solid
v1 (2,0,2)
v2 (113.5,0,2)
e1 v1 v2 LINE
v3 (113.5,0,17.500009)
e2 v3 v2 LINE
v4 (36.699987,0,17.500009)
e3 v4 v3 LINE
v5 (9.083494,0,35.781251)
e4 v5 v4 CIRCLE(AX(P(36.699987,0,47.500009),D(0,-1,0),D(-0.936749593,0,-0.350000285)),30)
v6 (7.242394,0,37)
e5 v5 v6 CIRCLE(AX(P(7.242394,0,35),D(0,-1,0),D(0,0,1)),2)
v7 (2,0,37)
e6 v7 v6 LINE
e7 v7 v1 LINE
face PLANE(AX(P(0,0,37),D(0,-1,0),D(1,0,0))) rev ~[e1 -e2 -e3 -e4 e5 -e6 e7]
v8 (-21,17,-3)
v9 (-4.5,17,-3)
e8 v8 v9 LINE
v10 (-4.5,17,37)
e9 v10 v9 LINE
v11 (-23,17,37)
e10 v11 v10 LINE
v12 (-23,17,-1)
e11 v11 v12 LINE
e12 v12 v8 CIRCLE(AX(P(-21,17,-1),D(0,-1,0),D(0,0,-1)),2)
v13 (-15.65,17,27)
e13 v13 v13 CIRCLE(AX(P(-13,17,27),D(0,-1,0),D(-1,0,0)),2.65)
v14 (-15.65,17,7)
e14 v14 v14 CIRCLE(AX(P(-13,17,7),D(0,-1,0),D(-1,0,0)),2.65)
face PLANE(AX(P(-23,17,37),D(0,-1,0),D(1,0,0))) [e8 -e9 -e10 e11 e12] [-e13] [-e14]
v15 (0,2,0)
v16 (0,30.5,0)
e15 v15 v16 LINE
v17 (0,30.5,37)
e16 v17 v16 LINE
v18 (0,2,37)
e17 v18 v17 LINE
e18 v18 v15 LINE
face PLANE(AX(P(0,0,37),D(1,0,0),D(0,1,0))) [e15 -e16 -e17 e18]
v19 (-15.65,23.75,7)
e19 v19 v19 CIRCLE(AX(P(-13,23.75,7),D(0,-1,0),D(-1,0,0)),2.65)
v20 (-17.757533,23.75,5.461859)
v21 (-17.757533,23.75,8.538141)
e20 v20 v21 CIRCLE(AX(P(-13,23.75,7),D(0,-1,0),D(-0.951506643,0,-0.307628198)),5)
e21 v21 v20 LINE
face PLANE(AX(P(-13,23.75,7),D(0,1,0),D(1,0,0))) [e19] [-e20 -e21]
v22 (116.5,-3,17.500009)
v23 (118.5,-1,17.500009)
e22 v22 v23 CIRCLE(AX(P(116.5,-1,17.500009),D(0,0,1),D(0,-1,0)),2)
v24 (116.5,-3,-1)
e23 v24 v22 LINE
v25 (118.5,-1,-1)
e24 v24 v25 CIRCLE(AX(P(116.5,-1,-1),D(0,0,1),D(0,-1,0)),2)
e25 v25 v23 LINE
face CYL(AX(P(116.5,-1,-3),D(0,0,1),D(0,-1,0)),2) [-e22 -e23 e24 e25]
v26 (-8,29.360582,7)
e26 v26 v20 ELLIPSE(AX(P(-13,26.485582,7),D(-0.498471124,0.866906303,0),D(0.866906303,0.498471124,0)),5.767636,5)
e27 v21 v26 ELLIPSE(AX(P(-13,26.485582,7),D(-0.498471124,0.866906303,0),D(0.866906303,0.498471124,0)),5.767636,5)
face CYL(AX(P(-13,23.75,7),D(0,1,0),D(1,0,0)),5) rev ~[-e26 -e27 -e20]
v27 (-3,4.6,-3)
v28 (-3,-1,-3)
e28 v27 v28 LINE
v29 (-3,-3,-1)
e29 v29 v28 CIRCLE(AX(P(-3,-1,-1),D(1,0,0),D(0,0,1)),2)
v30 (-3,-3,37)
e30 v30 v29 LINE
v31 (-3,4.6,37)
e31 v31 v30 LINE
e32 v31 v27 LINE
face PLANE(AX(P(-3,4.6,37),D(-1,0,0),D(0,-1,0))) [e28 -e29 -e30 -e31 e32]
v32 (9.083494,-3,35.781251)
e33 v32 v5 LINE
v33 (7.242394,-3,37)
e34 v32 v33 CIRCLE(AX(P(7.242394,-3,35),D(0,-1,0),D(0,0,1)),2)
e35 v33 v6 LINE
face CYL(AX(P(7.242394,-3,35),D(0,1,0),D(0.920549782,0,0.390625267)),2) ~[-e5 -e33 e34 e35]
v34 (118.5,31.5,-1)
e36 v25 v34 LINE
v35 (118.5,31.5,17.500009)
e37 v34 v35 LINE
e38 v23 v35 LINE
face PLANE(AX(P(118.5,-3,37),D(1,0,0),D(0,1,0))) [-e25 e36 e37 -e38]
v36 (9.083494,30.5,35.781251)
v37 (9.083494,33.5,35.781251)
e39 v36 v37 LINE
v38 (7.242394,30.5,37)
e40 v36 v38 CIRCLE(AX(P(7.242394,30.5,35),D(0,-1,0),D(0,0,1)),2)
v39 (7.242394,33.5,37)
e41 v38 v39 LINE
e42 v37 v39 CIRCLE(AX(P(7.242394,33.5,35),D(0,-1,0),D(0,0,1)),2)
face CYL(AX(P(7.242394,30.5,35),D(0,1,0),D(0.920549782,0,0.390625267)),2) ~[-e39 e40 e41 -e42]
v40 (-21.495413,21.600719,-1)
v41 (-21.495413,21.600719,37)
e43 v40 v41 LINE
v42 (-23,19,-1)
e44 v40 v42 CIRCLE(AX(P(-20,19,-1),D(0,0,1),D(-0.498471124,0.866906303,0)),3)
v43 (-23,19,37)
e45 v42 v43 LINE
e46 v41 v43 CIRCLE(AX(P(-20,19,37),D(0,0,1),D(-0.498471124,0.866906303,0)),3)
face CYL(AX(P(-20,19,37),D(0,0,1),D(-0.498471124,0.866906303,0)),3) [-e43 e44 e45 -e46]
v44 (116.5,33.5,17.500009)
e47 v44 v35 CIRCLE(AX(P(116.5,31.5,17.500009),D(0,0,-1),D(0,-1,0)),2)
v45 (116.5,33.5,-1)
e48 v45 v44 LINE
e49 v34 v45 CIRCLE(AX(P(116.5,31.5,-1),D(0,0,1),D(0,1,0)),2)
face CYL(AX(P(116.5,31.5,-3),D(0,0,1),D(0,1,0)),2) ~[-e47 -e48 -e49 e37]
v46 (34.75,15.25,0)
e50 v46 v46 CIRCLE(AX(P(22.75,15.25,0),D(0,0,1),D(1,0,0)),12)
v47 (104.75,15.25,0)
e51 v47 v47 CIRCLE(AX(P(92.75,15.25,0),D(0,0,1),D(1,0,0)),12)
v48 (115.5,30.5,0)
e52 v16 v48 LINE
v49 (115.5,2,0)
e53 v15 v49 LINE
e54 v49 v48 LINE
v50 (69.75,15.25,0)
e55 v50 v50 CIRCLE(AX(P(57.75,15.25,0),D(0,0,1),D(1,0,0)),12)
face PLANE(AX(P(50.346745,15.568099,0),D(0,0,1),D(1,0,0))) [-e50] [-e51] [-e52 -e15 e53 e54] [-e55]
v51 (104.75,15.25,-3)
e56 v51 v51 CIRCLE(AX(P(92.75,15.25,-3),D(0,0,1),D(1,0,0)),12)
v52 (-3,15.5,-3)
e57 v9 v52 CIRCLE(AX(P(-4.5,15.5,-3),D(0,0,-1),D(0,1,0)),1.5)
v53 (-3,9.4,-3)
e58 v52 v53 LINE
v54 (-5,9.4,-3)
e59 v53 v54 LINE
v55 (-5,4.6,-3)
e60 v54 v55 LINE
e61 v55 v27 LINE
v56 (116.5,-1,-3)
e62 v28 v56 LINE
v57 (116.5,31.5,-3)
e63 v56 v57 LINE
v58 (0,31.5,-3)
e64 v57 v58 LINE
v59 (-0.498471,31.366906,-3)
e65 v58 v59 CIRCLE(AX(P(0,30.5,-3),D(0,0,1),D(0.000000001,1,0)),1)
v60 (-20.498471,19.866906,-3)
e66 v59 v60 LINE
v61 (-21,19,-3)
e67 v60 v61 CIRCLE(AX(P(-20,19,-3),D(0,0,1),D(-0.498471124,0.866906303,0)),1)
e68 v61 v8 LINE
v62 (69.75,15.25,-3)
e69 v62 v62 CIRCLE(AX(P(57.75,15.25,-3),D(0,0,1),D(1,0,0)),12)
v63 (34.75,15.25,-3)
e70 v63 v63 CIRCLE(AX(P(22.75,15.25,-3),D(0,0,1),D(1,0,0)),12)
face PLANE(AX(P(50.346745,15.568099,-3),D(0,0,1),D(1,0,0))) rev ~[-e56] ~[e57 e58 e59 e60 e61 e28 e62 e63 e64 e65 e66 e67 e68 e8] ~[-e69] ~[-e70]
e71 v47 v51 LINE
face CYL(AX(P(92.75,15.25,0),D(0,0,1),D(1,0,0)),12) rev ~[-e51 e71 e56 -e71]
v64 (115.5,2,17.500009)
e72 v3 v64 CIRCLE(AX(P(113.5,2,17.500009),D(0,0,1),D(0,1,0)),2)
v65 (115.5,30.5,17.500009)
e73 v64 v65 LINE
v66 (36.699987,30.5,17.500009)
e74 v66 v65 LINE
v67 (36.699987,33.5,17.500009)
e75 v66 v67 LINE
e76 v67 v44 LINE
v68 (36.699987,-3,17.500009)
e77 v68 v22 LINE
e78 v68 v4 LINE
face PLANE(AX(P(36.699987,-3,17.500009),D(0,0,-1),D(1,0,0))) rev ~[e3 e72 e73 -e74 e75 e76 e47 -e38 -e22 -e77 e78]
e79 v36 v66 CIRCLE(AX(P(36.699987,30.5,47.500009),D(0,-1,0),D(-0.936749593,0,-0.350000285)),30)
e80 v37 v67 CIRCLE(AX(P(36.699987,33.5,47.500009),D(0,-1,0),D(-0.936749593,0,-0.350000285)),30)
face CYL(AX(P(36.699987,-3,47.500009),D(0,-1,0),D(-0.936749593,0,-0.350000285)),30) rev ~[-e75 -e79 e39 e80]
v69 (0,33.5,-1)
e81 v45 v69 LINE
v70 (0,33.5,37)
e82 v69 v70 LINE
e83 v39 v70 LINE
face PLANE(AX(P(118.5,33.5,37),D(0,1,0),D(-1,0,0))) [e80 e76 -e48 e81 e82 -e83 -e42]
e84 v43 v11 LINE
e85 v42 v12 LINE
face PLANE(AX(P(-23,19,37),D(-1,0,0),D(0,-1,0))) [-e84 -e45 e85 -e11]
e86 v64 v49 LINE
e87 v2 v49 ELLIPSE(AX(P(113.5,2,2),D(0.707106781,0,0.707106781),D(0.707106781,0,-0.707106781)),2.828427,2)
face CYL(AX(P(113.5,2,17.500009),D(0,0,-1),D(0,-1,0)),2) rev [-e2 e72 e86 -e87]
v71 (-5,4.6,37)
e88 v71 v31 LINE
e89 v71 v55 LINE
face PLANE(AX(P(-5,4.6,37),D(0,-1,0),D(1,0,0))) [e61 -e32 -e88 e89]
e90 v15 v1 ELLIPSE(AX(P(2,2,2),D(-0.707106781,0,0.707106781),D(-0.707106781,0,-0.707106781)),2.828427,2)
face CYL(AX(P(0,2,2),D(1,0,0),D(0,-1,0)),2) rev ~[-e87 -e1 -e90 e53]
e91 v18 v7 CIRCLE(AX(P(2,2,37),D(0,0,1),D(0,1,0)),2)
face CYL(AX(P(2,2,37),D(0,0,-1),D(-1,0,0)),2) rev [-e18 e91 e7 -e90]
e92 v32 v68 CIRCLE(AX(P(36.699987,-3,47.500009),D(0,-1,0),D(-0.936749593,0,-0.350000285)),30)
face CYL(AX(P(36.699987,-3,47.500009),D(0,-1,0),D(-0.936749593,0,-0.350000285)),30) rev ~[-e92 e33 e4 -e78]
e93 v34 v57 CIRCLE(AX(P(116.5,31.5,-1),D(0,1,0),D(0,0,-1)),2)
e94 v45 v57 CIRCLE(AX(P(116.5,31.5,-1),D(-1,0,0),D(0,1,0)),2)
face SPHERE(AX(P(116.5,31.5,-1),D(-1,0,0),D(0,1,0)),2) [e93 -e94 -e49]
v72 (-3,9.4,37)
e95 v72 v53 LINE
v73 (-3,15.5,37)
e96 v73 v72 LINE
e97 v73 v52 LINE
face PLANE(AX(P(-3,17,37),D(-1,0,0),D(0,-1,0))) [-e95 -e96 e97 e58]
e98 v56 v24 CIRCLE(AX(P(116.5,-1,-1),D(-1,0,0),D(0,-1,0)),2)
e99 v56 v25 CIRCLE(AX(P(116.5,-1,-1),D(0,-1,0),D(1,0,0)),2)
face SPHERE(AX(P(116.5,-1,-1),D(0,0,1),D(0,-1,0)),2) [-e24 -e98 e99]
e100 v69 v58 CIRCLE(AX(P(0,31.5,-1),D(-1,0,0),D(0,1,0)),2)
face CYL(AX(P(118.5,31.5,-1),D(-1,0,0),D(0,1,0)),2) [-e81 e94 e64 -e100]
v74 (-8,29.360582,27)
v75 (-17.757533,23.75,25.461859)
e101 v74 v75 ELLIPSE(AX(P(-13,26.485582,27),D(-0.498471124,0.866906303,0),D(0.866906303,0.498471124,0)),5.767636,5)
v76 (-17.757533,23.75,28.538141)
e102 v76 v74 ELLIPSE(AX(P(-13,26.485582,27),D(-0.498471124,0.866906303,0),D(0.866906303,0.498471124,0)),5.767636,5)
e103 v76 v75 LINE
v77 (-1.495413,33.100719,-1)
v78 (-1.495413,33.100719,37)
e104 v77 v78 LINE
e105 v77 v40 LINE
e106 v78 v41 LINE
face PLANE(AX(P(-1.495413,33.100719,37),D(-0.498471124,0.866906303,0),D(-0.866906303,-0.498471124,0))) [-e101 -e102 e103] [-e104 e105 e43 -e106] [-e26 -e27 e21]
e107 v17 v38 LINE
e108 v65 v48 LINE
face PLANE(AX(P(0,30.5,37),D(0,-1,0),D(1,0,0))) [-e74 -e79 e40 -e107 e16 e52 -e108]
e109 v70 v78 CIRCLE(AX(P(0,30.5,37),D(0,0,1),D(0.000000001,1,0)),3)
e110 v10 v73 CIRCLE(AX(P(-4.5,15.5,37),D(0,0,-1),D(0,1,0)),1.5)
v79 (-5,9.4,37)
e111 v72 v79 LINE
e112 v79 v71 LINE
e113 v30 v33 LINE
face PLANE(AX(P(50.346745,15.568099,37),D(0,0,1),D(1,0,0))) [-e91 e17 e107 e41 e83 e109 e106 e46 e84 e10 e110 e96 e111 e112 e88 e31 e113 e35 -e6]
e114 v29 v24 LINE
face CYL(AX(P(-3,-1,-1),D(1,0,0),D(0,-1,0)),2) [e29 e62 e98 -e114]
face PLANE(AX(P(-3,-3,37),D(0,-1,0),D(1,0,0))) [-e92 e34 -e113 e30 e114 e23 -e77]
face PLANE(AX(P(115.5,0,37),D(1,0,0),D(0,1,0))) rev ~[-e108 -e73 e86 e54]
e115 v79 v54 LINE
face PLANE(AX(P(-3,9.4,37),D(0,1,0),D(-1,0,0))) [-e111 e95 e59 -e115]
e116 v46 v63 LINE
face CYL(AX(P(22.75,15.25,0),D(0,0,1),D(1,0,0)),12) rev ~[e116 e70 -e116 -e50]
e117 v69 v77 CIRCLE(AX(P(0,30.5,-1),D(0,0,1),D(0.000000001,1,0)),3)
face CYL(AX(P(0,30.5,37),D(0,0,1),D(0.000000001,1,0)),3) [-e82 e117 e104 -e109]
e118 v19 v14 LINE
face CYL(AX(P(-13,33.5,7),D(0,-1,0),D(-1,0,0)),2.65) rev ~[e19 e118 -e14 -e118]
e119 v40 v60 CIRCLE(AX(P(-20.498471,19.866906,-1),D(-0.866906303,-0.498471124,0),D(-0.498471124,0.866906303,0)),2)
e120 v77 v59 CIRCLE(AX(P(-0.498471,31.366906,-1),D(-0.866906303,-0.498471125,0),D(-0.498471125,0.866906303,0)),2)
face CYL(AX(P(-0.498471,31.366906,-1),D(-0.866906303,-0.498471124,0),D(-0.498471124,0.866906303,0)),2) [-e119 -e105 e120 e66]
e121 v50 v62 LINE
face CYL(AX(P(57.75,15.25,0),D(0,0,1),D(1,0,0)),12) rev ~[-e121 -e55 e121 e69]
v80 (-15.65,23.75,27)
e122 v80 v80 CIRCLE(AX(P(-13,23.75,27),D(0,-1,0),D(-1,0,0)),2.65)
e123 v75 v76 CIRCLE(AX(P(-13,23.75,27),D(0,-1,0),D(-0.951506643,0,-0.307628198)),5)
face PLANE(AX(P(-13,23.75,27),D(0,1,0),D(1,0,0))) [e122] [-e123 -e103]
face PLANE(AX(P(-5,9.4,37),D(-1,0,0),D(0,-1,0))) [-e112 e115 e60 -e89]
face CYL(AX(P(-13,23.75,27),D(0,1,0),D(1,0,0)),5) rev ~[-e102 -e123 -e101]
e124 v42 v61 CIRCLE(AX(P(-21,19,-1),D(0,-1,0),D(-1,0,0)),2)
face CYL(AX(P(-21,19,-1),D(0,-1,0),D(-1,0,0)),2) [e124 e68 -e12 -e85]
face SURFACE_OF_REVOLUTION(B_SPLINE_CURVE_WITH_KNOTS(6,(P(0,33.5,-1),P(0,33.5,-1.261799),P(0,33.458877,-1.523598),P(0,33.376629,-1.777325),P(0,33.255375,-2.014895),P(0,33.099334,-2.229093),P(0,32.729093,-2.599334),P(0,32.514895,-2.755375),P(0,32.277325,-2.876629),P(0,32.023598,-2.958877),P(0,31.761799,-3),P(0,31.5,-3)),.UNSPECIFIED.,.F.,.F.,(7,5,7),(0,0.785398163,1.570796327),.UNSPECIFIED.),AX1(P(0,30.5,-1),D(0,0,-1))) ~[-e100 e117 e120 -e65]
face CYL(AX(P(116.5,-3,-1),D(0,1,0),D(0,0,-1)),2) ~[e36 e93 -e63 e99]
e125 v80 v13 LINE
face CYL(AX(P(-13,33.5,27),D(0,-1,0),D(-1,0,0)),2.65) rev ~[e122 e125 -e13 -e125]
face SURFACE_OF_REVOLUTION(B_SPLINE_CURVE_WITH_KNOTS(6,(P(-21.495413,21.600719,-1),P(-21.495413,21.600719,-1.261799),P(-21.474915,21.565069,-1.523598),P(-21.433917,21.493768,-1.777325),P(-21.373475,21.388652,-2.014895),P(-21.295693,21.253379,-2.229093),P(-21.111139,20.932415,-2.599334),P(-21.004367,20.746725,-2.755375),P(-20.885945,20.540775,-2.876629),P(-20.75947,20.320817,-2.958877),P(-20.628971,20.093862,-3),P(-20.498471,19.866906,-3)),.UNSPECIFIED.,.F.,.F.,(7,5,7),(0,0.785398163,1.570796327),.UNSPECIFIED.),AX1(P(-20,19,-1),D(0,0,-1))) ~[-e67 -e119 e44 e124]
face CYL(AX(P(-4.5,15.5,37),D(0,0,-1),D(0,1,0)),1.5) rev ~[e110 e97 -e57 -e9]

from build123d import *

# Parameters (mm, degrees)
SKETCH1_R                      = 12
BOSS_EXTRUDE1_DEPTH            = 3
BOSS_EXTRUDE2_START            = 37
SKETCH1_3_W                    = 115.5
SKETCH1_3_H                    = 30.5
BOSS_EXTRUDE2_DEPTH            = 37
BOSS_EXTRUDE3_DEPTH            = 33.5
BOSS_EXTRUDE3_DEPTH_BACK       = 3
CBORE_FOR_M5_SHCS1_D           = 5.3
CBORE_FOR_M5_SHCS1_CBORE_D     = 10
CBORE_FOR_M5_SHCS1_CBORE_DEPTH = 9.75
FILLET1_R                      = 2
FILLET2_R                      = 1.5


with BuildPart() as part:
    # Sketch1 → Boss-Extrude1 (new body)
    with BuildSketch(Plane.XY):
        with BuildLine():
            Line((-3, -3), (118.5, -3))
            Line((118.5, -3), (118.5, 33.5))
            Line((118.5, 33.5), (0, 33.5))
            ThreePointArc((0, 33.5), (-0.773900275, 33.398461379), (-1.495413373, 33.100718909))
            Line((-1.495413373, 33.100718909), (-21.495413373, 21.600718909))
            ThreePointArc((-21.495413373, 21.600718909), (-22.596751829, 20.502291563), (-23, 19))
            Line((-23, 19), (-23, 17))
            Line((-23, 17), (-3, 17))
            Line((-3, 17), (-3, 9.4))
            Line((-3, 9.4), (-5, 9.4))
            Line((-5, 9.4), (-5, 4.6))
            Line((-5, 4.6), (-3, 4.6))
            Line((-3, 4.6), (-3, -3))
        make_face()
        with Locations((57.75, 15.25)):
            Circle(SKETCH1_R, mode=Mode.SUBTRACT)
        with Locations((22.75, 15.25)):
            Circle(SKETCH1_R, mode=Mode.SUBTRACT)
        with Locations((92.75, 15.25)):
            Circle(SKETCH1_R, mode=Mode.SUBTRACT)
    extrude(amount=-BOSS_EXTRUDE1_DEPTH)

    # Sketch1<3> → Boss-Extrude2 (add)
    with BuildSketch(Plane.XY.offset(BOSS_EXTRUDE2_START)):
        with BuildLine():
            Line((-3, -3), (118.5, -3))
            Line((118.5, -3), (118.5, 33.5))
            Line((118.5, 33.5), (0, 33.5))
            ThreePointArc((0, 33.5), (-0.773900275, 33.398461379), (-1.495413373, 33.100718909))
            Line((-1.495413373, 33.100718909), (-21.495413373, 21.600718909))
            ThreePointArc((-21.495413373, 21.600718909), (-22.596751829, 20.502291563), (-23, 19))
            Line((-23, 19), (-23, 17))
            Line((-23, 17), (-3, 17))
            Line((-3, 17), (-3, 9.4))
            Line((-3, 9.4), (-5, 9.4))
            Line((-5, 9.4), (-5, 4.6))
            Line((-5, 4.6), (-3, 4.6))
            Line((-3, 4.6), (-3, -3))
        make_face()
        with Locations((57.75, 15.25)):
            Rectangle(SKETCH1_3_W, SKETCH1_3_H, mode=Mode.SUBTRACT)
    extrude(amount=-BOSS_EXTRUDE2_DEPTH)


with BuildPart() as body_2:
    # Sketch2 → Boss-Extrude3 (new, two sides: drawn at the far end of the back side and taken through both)
    with BuildSketch(Plane(origin=(0, 0, 0), x_dir=(1, 0, 0), z_dir=(0, 1, 0)).offset(-BOSS_EXTRUDE3_DEPTH_BACK)):
        with BuildLine():
            Line((-23, -37), (8.597499345, -37))
            ThreePointArc((8.597499345, -37), (19.597359516, -22.852490863), (36.699987142, -17.500008554))
            Line((36.699987142, -17.500008554), (118.5, -17.500008554))
            Line((118.5, -17.500008554), (118.5, 3))
            Line((118.5, 3), (-23, 3))
            Line((-23, 3), (-23, -37))
        make_face()
    extrude(amount=BOSS_EXTRUDE3_DEPTH + BOSS_EXTRUDE3_DEPTH_BACK)


with BuildPart() as part_1:
    add(part.part)

    # Combine1: intersect body 2
    add(body_2.part, mode=Mode.INTERSECT)

    # CBORE for M5 SHCS1 (through all)
    with Locations(Plane(origin=(0, 33.5, 0), x_dir=(1, 0, 0), z_dir=(0, 1, 0))):
        with Locations((-13, -7), (-13, -27)):
            CounterBoreHole(CBORE_FOR_M5_SHCS1_D / 2, CBORE_FOR_M5_SHCS1_CBORE_D / 2, CBORE_FOR_M5_SHCS1_CBORE_DEPTH)

    # Fillet1
    fillet1_edges = [part_1.edges().sort_by_distance(p)[0] for p in [
        (8.597499345, -1.5, 37),
        (115.5, 0, 8.750004277),
        (8.597499345, 32, 37),
        (-23, 18, -3),
        (118.5, 33.5, 7.250004277),
        (118.5, -3, 7.250004277),
        (57.75, -3, -3),
        (118.5, 15.25, -3),
        (0, 0, 18.5),
        (59.25, 33.5, -3),
        (57.75, 0, 0),
        (-0.773900275, 33.398461379, -3),
        (-11.495413373, 27.350718909, -3),
        (-22.596751829, 20.502291563, -3),
    ]]
    fillet(fillet1_edges, radius=FILLET1_R)

    # Fillet2
    fillet2_edges = [part_1.edges().sort_by_distance(p)[0] for p in [
        (-3, 17, 17),
    ]]
    fillet(fillet2_edges, radius=FILLET2_R)


solid = part_1.part
